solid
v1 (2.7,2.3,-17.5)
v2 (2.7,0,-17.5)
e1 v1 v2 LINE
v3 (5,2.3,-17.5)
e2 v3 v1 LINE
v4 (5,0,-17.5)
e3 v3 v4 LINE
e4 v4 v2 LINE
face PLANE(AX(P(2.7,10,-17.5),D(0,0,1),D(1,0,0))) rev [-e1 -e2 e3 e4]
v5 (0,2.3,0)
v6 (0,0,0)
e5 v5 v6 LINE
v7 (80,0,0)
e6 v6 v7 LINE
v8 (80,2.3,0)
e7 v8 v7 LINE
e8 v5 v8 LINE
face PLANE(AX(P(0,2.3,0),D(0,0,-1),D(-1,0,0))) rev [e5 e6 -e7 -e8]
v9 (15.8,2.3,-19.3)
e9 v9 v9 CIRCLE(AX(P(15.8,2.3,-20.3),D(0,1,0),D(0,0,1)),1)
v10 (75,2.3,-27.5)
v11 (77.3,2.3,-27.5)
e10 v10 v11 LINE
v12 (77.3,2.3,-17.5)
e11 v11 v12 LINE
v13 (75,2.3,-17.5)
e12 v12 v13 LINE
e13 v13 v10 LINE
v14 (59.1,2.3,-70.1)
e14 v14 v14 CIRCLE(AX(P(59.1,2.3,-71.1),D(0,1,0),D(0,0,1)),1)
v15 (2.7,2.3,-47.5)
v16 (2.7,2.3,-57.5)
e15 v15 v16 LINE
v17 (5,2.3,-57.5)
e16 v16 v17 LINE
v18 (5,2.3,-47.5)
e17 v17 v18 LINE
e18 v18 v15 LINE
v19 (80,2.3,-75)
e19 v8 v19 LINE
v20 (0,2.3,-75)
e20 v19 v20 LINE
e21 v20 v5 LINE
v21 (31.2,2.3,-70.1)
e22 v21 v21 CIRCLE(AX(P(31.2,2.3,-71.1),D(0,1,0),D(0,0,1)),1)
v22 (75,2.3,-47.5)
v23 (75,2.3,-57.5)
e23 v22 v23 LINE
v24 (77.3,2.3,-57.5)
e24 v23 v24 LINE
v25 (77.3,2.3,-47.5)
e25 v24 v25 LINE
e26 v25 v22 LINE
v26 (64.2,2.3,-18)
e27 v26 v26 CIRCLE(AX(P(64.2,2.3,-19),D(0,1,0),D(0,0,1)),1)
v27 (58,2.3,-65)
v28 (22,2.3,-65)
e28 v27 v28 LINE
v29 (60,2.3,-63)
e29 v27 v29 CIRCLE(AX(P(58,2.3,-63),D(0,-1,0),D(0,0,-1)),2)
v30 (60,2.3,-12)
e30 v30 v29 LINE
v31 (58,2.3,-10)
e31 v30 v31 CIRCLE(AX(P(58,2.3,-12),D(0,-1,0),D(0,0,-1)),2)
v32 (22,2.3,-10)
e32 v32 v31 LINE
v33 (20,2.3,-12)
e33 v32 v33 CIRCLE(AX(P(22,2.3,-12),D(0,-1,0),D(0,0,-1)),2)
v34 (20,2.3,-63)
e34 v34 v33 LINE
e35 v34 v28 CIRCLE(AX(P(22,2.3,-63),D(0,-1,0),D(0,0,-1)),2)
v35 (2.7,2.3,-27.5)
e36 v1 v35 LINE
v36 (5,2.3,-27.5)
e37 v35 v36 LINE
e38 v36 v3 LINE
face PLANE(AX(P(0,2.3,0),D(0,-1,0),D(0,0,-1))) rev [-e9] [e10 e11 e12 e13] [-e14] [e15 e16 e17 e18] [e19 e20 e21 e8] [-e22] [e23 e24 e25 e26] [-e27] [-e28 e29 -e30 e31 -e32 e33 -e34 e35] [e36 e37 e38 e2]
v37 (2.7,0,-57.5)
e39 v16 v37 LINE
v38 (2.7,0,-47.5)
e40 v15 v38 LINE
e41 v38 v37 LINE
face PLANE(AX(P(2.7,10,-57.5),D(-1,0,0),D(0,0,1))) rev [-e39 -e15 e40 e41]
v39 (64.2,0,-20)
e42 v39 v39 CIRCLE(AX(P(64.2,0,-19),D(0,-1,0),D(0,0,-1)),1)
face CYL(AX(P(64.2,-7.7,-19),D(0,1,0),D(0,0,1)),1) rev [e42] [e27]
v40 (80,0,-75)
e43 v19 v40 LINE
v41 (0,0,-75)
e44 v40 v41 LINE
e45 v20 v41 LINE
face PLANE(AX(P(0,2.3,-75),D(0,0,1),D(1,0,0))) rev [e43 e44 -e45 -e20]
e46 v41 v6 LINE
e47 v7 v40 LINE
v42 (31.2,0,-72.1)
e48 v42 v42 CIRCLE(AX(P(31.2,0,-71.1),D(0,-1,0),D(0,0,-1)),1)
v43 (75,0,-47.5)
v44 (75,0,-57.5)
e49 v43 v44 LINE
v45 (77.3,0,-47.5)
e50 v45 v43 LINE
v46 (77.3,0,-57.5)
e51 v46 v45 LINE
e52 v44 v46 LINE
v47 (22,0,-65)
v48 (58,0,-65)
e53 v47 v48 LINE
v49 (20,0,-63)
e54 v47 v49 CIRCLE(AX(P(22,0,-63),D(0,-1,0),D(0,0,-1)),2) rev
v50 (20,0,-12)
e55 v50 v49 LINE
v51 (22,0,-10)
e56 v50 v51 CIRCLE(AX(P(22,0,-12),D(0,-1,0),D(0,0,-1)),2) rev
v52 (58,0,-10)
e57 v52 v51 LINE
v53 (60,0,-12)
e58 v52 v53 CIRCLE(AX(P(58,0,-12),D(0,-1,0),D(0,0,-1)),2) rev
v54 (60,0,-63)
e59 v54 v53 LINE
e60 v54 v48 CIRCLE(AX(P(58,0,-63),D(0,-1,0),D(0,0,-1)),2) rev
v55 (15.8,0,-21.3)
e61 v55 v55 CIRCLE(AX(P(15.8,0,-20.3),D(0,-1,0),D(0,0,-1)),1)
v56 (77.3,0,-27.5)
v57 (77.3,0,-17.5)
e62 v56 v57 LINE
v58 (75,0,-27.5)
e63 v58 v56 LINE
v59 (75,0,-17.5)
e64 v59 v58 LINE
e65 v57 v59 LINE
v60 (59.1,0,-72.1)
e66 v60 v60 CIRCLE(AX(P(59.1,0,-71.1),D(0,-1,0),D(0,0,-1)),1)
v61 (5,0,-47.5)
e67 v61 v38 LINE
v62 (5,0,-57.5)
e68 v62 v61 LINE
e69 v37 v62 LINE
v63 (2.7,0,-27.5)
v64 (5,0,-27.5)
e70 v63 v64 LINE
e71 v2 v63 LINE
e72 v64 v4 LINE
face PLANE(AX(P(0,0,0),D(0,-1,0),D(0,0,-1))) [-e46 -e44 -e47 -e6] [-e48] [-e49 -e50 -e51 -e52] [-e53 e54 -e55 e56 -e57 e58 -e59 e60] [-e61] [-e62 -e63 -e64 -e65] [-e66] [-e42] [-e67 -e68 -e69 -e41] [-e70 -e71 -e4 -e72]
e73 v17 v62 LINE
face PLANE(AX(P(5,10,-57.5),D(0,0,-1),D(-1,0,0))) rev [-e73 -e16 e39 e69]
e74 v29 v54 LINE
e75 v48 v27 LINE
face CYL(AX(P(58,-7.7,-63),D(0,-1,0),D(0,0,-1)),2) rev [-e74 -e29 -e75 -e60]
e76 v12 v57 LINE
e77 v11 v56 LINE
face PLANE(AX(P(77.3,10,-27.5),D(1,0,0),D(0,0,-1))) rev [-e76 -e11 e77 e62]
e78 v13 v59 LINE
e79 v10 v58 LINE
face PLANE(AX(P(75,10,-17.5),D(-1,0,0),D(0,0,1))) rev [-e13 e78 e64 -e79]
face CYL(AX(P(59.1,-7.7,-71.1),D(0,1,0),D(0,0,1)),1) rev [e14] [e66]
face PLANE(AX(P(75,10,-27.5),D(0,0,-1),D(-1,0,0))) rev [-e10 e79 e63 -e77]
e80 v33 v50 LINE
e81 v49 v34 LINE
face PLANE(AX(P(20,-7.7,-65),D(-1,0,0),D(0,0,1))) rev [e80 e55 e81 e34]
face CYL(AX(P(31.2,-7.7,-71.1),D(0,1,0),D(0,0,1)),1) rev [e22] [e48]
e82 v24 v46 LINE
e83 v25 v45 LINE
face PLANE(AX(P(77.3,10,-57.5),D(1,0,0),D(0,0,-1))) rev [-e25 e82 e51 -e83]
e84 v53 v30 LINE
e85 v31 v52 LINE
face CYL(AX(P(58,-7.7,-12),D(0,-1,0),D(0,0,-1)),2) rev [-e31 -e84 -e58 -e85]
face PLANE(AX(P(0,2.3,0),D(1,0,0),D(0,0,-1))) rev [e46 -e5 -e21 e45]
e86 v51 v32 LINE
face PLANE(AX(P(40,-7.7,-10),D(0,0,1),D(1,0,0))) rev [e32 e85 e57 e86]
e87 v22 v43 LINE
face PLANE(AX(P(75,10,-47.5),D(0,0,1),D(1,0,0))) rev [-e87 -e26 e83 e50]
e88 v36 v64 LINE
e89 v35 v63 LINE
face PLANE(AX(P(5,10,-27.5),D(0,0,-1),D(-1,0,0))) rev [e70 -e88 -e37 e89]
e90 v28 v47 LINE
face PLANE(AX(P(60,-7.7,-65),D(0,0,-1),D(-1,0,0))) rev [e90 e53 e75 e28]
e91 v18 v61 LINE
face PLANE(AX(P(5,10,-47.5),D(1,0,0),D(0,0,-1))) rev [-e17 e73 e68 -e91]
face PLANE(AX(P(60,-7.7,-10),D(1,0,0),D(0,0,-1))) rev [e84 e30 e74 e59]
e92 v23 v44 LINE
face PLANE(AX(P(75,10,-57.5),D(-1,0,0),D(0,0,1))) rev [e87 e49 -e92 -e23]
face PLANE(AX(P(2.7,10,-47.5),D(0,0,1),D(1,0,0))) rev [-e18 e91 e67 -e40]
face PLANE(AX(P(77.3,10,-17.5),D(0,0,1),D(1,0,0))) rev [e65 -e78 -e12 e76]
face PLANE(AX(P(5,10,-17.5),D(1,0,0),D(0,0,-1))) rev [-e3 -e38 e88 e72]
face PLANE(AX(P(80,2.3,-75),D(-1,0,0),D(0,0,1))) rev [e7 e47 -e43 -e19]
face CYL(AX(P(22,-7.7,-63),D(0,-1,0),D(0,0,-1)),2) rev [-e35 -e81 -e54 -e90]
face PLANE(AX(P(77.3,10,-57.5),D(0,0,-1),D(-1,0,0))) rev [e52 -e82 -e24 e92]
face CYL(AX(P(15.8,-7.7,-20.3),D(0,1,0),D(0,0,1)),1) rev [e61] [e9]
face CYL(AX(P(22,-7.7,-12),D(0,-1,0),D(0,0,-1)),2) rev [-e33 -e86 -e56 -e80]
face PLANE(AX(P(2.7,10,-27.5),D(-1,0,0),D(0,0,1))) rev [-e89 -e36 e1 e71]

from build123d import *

# Parameters (mm, degrees)
SKETCH1_W           = 80
SKETCH1_H           = 75
BOSS_EXTRUDE1_DEPTH = 2.3
SKETCH2_W           = 2.3
SKETCH2_H           = 10
CUT_EXTRUDE1_DEPTH  = 10
SKETCH3_R           = 1
CUT_EXTRUDE2_DEPTH  = 10
CUT_EXTRUDE3_DEPTH  = 10
FILLET1_R           = 2


with BuildPart() as part:
    # Sketch1 → Boss-Extrude1 (new body)
    with BuildSketch(Plane(origin=(0, 0, 0), x_dir=(1, 0, 0), z_dir=(0, 1, 0))):
        with Locations((40, 37.5)):
            Rectangle(SKETCH1_W, SKETCH1_H)
    extrude(amount=BOSS_EXTRUDE1_DEPTH)

    # Sketch2 → Cut-Extrude1 (cut)
    with BuildSketch(Plane.XZ):
        with Locations((3.85, -52.5)):
            Rectangle(SKETCH2_W, SKETCH2_H)
        with Locations((3.85, -22.5)):
            Rectangle(SKETCH2_W, SKETCH2_H)
        with Locations((76.15, -52.5)):
            Rectangle(SKETCH2_W, SKETCH2_H)
        with Locations((76.15, -22.5)):
            Rectangle(SKETCH2_W, SKETCH2_H)
    extrude(amount=-CUT_EXTRUDE1_DEPTH, mode=Mode.SUBTRACT)

    # Sketch3 → Cut-Extrude2 (cut)
    with BuildSketch(Plane(origin=(0, 2.3, 0), x_dir=(1, 0, 0), z_dir=(0, 1, 0))):
        with Locations((31.2, 71.1)):
            Circle(SKETCH3_R)
        with Locations((59.1, 71.1)):
            Circle(SKETCH3_R)
        with Locations((15.8, 20.3)):
            Circle(SKETCH3_R)
        with Locations((64.2, 19)):
            Circle(SKETCH3_R)
    extrude(amount=-CUT_EXTRUDE2_DEPTH, mode=Mode.SUBTRACT)

    # Sketch4 → Cut-Extrude3 (cut)
    with BuildSketch(Plane(origin=(0, 2.3, 0), x_dir=(1, 0, 0), z_dir=(0, 1, 0))):
        Polygon((40, 10), (20, 10), (20, 65), (60, 65), (60, 10), align=None)
    extrude(amount=-CUT_EXTRUDE3_DEPTH, mode=Mode.SUBTRACT)

    # Fillet1
    fillet1_edges = [part.edges().sort_by_distance(p)[0] for p in [
        (60, 1.15, -10),
        (20, 1.15, -10),
        (20, 1.15, -65),
        (60, 1.15, -65),
    ]]
    fillet(fillet1_edges, radius=FILLET1_R)


solid = part.part
